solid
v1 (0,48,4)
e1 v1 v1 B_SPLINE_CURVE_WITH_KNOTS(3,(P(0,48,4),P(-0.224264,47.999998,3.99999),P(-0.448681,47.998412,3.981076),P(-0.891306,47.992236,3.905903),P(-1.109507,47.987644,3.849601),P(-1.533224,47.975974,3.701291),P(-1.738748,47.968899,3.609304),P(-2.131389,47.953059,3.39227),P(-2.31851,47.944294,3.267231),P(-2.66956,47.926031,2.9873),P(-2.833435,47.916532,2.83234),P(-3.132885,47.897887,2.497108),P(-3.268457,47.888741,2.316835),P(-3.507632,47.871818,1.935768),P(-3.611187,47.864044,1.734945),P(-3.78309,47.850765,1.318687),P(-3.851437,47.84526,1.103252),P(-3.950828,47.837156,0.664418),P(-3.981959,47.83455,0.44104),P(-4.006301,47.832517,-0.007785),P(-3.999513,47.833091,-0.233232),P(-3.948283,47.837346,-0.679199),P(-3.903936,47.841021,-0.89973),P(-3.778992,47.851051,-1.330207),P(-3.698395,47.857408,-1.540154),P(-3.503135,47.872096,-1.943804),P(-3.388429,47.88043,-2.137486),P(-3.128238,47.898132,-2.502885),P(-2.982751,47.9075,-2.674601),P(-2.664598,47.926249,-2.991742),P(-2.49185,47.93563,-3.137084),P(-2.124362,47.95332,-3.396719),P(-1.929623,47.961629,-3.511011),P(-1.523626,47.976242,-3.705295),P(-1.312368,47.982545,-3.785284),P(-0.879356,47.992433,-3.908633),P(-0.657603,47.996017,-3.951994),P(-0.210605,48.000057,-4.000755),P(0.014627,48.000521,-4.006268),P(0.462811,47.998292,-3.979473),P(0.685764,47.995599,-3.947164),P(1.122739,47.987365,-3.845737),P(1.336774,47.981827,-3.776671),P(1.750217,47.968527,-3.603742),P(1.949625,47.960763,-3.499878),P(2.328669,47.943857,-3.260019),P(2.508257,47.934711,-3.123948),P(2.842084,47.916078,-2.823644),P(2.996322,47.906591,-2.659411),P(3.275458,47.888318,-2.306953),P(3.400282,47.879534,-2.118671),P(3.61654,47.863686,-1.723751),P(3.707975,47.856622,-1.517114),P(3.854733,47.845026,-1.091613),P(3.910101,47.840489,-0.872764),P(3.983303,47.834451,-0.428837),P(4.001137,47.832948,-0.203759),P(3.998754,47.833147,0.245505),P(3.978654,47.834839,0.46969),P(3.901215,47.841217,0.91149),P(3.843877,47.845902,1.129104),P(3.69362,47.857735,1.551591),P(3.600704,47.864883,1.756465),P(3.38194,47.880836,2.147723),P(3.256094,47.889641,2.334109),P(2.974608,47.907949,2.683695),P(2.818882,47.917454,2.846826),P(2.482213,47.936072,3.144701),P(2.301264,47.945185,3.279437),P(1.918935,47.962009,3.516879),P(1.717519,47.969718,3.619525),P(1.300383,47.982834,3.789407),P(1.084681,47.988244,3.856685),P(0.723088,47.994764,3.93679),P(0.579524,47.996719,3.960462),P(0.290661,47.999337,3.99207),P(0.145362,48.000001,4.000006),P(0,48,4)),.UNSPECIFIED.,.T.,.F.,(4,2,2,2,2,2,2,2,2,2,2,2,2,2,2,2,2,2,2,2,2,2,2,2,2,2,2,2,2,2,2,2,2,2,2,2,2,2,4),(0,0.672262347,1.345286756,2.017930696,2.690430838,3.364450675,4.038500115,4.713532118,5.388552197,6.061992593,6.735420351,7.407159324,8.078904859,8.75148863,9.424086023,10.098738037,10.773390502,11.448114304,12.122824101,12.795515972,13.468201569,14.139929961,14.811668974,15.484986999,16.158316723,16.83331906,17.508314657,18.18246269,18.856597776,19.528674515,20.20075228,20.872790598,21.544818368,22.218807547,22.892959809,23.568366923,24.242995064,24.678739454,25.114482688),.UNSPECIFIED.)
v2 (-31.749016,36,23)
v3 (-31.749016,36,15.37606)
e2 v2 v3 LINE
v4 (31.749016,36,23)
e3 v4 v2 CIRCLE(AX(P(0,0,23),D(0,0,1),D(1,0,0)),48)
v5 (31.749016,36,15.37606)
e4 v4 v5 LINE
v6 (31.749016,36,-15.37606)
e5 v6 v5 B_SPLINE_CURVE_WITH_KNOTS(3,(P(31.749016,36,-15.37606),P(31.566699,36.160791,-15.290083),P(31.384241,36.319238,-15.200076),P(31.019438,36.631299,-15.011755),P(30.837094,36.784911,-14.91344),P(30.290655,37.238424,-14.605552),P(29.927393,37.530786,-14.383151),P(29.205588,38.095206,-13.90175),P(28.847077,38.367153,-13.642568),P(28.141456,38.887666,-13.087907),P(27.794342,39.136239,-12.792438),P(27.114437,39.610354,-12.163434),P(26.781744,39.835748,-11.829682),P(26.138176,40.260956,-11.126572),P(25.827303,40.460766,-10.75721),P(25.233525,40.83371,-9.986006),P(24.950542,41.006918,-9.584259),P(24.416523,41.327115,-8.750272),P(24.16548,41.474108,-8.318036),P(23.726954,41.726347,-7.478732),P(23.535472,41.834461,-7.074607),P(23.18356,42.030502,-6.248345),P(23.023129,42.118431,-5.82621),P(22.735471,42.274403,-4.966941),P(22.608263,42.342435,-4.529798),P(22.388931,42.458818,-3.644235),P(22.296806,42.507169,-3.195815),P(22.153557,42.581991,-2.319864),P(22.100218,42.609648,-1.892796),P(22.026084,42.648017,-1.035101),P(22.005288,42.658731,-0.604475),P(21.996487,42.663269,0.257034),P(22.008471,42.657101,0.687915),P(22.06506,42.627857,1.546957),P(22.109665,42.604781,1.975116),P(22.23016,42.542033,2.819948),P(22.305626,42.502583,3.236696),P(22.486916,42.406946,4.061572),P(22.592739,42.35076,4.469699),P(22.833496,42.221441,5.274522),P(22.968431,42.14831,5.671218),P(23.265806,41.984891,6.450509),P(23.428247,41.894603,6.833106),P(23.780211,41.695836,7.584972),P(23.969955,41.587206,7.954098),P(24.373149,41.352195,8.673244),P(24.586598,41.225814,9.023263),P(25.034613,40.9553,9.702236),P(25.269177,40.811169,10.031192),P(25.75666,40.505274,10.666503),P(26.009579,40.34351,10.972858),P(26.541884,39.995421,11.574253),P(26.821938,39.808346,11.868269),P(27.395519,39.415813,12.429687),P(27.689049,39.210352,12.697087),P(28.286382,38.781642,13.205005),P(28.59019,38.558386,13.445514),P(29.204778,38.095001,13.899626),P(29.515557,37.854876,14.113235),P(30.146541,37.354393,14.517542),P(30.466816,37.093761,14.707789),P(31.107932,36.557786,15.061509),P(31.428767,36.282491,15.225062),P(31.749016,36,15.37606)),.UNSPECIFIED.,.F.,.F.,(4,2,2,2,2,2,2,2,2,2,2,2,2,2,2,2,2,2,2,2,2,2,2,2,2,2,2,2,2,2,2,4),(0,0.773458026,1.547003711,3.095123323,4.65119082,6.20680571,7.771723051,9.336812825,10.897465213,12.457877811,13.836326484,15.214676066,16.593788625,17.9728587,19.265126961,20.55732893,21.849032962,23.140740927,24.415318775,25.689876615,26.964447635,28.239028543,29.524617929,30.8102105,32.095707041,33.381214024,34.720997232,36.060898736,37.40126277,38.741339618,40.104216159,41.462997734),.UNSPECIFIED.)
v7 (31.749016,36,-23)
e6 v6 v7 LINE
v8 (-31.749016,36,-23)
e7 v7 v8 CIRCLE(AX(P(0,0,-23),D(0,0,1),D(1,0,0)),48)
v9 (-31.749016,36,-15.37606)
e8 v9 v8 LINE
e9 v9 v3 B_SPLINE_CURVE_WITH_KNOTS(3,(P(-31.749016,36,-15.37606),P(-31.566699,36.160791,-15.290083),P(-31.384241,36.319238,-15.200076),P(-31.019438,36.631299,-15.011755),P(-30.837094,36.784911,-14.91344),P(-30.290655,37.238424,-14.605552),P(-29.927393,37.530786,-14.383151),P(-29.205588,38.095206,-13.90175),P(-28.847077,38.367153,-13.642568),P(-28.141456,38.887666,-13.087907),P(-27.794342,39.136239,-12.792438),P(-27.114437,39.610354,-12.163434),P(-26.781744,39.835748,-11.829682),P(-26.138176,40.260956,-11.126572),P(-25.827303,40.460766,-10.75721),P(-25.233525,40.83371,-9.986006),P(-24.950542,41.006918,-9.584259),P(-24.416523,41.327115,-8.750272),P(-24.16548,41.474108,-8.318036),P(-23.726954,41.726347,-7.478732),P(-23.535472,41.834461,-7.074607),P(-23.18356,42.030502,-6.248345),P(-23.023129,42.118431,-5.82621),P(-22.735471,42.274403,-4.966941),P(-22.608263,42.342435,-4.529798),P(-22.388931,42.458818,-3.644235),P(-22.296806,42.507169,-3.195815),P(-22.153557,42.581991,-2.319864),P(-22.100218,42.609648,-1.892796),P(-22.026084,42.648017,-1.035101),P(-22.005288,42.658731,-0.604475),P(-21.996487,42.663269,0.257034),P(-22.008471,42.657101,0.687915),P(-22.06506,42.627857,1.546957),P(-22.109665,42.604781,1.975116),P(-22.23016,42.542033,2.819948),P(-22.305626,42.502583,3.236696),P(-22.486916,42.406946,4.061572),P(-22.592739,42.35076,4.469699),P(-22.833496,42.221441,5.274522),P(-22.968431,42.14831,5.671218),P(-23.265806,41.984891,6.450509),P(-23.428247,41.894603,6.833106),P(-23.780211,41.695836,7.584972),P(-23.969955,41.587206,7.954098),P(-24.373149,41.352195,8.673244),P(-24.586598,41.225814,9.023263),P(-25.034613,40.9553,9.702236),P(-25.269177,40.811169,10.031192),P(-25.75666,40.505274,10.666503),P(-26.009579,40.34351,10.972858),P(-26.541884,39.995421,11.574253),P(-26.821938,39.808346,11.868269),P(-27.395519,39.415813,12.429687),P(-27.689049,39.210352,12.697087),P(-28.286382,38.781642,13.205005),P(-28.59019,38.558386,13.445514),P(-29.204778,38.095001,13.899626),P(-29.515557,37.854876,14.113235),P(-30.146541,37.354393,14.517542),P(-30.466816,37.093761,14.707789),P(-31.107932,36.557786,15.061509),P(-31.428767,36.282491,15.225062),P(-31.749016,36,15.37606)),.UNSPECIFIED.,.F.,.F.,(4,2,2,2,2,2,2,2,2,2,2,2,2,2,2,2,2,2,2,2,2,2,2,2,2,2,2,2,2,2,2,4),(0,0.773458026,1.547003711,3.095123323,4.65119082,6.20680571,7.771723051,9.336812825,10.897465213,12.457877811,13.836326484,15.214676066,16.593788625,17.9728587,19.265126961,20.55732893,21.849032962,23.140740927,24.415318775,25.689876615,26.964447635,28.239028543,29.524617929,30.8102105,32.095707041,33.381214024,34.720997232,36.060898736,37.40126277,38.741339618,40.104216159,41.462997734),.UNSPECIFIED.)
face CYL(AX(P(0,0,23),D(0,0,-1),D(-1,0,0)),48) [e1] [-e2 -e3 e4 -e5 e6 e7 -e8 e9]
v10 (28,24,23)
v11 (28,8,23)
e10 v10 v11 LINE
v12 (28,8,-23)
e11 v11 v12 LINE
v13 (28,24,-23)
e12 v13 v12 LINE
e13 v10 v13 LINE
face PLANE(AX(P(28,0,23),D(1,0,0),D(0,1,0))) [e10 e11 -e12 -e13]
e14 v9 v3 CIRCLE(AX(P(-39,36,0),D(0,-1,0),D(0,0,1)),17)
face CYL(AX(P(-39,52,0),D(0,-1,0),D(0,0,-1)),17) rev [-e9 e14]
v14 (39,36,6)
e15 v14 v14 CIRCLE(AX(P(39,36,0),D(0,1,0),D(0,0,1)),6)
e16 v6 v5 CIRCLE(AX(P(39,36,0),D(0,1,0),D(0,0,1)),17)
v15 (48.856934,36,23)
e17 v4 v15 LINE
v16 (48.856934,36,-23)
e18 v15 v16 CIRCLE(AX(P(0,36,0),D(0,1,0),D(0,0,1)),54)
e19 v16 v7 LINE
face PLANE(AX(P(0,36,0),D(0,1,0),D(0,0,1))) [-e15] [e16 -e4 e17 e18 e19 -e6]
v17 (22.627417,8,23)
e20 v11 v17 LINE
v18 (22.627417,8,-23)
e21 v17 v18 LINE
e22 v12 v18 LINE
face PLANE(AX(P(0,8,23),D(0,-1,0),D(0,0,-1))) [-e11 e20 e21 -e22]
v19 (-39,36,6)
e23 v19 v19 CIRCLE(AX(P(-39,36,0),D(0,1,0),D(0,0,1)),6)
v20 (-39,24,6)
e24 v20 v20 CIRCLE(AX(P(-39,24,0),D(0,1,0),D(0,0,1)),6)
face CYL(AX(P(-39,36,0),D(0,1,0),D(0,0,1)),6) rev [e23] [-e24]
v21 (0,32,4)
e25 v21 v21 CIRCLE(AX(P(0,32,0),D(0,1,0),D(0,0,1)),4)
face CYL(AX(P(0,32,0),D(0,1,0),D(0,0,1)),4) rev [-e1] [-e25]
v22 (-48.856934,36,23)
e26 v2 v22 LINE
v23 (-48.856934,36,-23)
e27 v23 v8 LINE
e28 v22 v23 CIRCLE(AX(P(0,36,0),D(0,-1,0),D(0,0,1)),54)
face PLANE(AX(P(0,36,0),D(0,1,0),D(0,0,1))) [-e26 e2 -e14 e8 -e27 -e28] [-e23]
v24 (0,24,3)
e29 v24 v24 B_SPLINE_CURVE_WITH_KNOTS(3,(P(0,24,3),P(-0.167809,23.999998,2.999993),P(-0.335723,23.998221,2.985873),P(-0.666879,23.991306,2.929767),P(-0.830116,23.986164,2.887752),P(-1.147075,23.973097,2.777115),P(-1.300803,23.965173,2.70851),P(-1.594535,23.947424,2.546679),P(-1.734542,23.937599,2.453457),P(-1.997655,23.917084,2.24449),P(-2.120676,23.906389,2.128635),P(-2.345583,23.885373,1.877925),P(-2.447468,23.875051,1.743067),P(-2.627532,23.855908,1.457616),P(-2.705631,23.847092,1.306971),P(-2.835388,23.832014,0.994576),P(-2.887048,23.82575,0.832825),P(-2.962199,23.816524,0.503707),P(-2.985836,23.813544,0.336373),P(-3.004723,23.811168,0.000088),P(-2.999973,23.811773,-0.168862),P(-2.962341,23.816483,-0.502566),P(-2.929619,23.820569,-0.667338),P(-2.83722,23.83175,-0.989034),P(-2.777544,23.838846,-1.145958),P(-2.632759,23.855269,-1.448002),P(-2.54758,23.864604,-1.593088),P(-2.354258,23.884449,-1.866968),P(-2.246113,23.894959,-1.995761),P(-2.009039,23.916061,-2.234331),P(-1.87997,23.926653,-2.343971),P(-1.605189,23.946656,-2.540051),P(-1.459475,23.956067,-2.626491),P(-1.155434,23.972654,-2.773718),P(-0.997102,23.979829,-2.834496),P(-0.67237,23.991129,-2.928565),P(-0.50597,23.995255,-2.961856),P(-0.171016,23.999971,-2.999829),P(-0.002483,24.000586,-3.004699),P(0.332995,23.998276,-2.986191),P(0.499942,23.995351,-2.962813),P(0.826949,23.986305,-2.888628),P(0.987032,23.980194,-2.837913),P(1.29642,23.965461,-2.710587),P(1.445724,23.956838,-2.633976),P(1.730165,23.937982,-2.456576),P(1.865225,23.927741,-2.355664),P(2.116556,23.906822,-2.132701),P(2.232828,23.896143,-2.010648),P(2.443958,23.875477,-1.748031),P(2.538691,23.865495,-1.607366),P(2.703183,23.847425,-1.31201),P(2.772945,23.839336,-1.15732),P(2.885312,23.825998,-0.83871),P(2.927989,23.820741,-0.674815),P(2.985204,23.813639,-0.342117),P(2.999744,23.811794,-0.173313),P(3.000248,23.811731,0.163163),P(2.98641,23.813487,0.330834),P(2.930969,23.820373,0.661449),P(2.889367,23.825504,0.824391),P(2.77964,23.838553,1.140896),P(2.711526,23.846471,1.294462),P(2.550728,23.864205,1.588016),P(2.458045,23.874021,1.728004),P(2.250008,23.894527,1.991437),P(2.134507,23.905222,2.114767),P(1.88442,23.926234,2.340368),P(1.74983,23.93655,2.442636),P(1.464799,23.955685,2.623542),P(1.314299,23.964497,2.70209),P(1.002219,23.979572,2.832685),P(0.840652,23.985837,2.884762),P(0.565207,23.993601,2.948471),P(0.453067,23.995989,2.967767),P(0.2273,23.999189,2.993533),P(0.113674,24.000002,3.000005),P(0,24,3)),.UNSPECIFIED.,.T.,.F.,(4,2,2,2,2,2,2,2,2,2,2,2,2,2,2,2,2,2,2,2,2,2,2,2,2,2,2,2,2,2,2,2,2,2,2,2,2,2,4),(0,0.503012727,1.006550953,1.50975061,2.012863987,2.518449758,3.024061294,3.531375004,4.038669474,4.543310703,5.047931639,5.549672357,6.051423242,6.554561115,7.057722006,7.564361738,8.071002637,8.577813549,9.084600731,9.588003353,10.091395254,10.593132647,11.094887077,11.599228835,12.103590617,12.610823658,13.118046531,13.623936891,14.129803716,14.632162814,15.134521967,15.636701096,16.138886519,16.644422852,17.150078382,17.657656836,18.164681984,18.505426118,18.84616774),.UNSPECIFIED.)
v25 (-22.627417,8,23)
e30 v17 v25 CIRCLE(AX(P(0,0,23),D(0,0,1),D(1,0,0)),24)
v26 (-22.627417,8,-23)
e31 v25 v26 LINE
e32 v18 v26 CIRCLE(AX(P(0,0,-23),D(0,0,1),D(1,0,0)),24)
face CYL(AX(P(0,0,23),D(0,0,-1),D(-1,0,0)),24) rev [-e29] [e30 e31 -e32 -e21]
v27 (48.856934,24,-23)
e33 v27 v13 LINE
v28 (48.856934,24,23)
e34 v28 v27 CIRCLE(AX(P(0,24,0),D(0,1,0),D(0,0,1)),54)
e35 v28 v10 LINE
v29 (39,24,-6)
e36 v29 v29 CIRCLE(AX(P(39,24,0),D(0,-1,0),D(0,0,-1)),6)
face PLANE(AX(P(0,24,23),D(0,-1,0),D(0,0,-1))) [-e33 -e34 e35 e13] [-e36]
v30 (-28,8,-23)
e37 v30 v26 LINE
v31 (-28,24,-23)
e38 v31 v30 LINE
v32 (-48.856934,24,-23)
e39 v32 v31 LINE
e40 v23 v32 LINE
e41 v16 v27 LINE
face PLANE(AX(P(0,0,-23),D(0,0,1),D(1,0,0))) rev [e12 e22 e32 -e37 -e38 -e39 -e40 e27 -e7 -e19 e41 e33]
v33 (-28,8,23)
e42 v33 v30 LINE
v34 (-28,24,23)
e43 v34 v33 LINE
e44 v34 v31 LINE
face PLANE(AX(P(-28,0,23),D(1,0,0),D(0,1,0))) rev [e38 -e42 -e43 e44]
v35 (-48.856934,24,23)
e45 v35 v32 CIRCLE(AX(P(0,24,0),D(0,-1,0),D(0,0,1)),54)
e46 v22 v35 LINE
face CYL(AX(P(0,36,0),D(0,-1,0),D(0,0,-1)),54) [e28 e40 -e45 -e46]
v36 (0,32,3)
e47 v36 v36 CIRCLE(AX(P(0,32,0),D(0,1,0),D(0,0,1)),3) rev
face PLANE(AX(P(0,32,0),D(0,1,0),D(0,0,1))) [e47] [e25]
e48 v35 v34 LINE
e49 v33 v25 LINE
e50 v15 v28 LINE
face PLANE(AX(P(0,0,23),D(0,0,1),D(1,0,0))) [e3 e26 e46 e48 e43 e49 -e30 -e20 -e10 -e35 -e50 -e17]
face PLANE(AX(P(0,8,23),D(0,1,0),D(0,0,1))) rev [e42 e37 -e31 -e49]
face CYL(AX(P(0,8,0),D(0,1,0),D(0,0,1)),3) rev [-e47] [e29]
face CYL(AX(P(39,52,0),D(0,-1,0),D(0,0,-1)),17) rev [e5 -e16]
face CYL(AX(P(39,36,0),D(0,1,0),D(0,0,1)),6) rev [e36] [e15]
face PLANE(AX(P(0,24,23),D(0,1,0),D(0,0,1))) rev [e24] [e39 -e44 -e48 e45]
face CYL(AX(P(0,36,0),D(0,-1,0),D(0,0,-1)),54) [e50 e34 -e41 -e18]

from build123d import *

# Parameters (mm, degrees)
BOSS_EXTRUDE1_DEPTH     = 23
BOSS_EXTRUDE4_START     = 24
BOSS_EXTRUDE4_DEPTH     = 12
SKETCH4_R               = 3
CUT_EXTRUDE1_DEPTH      = 13
CUT_EXTRUDE1_DEPTH_BACK = 29
SKETCH5_R               = 4
CUT_EXTRUDE2_DEPTH      = 16
F_12_0MM_DOWEL_HOLE1_D  = 12
CUT_EXTRUDE3_DEPTH      = 16


with BuildPart() as part:
    # Sketch1 → Boss-Extrude1 (new body, symmetric)
    with BuildSketch(Plane.XY):
        with BuildLine():
            Line((31.749015733, 36), (31.749015733, 24))
            Line((31.749015733, 24), (28, 24))
            Line((28, 24), (28, 8))
            Line((28, 8), (22.627416998, 8))
            ThreePointArc((22.627416998, 8), (0, 24), (-22.627416998, 8))
            Line((-22.627416998, 8), (-28, 8))
            Line((-28, 8), (-28, 24))
            Line((-28, 24), (-31.749015733, 24))
            Line((-31.749015733, 24), (-31.749015733, 36))
            ThreePointArc((-31.749015733, 36), (0, 48), (31.749015733, 36))
        make_face()
    extrude(amount=BOSS_EXTRUDE1_DEPTH, both=True)

    # Sketch3 → Boss-Extrude4 (add)
    with BuildSketch(Plane(origin=(0, 0, 0), x_dir=(1, 0, 0), z_dir=(0, 1, 0)).offset(BOSS_EXTRUDE4_START)):
        with BuildLine():
            Line((31.749015733, -23), (31.749015733, 23))
            Line((31.749015733, 23), (48.856934001, 23))
            ThreePointArc((48.856934001, 23), (54, 0), (48.856934001, -23))
            Line((48.856934001, -23), (31.749015733, -23))
        make_face()
    boss_extrude4 = extrude(amount=BOSS_EXTRUDE4_DEPTH)

    # Mirror2: Boss-Extrude4 across plane
    add(boss_extrude4.mirror(Plane(origin=(0, 0, 0), x_dir=(0, 0, 1), z_dir=(1, 0, 0))))

    # Sketch4 → Cut-Extrude1 (cut, two sides)
    with BuildSketch(Plane(origin=(0, 36, 0), x_dir=(1, 0, 0), z_dir=(0, 1, 0))) as cut_extrude1_sk:
        Circle(SKETCH4_R)
    extrude(amount=CUT_EXTRUDE1_DEPTH, mode=Mode.SUBTRACT)
    extrude(cut_extrude1_sk.sketch, amount=-CUT_EXTRUDE1_DEPTH_BACK, mode=Mode.SUBTRACT)

    # Sketch5 → Cut-Extrude2 (cut)
    with BuildSketch(Plane(origin=(0, 48, 0), x_dir=(1, 0, 0), z_dir=(0, 1, 0))):
        Circle(SKETCH5_R)
    extrude(amount=-CUT_EXTRUDE2_DEPTH, mode=Mode.SUBTRACT)

    # Ø12.0mm Dowel Hole1 (through all)
    with Locations(Plane(origin=(0, 36, 0), x_dir=(1, 0, 0), z_dir=(0, 1, 0))):
        with Locations((-39, 0), (39, 0)):
            Hole(F_12_0MM_DOWEL_HOLE1_D / 2)

    # Sketch8 → Cut-Extrude3 (cut)
    with BuildSketch(Plane(origin=(0, 36, 0), x_dir=(1, 0, 0), z_dir=(0, 1, 0))):
        with BuildLine():
            Line((31.749015733, -15.376060196), (31.749015733, 15.376060196))
            ThreePointArc((31.749015733, 15.376060196), (22, 0), (31.749015733, -15.376060196))
        make_face()
    cut_extrude3 = extrude(amount=CUT_EXTRUDE3_DEPTH, mode=Mode.SUBTRACT)

    # Mirror3: Cut-Extrude3 across plane
    add(cut_extrude3.mirror(Plane(origin=(0, 0, 0), x_dir=(0, 0, 1), z_dir=(1, 0, 0))), mode=Mode.SUBTRACT)


solid = part.part
